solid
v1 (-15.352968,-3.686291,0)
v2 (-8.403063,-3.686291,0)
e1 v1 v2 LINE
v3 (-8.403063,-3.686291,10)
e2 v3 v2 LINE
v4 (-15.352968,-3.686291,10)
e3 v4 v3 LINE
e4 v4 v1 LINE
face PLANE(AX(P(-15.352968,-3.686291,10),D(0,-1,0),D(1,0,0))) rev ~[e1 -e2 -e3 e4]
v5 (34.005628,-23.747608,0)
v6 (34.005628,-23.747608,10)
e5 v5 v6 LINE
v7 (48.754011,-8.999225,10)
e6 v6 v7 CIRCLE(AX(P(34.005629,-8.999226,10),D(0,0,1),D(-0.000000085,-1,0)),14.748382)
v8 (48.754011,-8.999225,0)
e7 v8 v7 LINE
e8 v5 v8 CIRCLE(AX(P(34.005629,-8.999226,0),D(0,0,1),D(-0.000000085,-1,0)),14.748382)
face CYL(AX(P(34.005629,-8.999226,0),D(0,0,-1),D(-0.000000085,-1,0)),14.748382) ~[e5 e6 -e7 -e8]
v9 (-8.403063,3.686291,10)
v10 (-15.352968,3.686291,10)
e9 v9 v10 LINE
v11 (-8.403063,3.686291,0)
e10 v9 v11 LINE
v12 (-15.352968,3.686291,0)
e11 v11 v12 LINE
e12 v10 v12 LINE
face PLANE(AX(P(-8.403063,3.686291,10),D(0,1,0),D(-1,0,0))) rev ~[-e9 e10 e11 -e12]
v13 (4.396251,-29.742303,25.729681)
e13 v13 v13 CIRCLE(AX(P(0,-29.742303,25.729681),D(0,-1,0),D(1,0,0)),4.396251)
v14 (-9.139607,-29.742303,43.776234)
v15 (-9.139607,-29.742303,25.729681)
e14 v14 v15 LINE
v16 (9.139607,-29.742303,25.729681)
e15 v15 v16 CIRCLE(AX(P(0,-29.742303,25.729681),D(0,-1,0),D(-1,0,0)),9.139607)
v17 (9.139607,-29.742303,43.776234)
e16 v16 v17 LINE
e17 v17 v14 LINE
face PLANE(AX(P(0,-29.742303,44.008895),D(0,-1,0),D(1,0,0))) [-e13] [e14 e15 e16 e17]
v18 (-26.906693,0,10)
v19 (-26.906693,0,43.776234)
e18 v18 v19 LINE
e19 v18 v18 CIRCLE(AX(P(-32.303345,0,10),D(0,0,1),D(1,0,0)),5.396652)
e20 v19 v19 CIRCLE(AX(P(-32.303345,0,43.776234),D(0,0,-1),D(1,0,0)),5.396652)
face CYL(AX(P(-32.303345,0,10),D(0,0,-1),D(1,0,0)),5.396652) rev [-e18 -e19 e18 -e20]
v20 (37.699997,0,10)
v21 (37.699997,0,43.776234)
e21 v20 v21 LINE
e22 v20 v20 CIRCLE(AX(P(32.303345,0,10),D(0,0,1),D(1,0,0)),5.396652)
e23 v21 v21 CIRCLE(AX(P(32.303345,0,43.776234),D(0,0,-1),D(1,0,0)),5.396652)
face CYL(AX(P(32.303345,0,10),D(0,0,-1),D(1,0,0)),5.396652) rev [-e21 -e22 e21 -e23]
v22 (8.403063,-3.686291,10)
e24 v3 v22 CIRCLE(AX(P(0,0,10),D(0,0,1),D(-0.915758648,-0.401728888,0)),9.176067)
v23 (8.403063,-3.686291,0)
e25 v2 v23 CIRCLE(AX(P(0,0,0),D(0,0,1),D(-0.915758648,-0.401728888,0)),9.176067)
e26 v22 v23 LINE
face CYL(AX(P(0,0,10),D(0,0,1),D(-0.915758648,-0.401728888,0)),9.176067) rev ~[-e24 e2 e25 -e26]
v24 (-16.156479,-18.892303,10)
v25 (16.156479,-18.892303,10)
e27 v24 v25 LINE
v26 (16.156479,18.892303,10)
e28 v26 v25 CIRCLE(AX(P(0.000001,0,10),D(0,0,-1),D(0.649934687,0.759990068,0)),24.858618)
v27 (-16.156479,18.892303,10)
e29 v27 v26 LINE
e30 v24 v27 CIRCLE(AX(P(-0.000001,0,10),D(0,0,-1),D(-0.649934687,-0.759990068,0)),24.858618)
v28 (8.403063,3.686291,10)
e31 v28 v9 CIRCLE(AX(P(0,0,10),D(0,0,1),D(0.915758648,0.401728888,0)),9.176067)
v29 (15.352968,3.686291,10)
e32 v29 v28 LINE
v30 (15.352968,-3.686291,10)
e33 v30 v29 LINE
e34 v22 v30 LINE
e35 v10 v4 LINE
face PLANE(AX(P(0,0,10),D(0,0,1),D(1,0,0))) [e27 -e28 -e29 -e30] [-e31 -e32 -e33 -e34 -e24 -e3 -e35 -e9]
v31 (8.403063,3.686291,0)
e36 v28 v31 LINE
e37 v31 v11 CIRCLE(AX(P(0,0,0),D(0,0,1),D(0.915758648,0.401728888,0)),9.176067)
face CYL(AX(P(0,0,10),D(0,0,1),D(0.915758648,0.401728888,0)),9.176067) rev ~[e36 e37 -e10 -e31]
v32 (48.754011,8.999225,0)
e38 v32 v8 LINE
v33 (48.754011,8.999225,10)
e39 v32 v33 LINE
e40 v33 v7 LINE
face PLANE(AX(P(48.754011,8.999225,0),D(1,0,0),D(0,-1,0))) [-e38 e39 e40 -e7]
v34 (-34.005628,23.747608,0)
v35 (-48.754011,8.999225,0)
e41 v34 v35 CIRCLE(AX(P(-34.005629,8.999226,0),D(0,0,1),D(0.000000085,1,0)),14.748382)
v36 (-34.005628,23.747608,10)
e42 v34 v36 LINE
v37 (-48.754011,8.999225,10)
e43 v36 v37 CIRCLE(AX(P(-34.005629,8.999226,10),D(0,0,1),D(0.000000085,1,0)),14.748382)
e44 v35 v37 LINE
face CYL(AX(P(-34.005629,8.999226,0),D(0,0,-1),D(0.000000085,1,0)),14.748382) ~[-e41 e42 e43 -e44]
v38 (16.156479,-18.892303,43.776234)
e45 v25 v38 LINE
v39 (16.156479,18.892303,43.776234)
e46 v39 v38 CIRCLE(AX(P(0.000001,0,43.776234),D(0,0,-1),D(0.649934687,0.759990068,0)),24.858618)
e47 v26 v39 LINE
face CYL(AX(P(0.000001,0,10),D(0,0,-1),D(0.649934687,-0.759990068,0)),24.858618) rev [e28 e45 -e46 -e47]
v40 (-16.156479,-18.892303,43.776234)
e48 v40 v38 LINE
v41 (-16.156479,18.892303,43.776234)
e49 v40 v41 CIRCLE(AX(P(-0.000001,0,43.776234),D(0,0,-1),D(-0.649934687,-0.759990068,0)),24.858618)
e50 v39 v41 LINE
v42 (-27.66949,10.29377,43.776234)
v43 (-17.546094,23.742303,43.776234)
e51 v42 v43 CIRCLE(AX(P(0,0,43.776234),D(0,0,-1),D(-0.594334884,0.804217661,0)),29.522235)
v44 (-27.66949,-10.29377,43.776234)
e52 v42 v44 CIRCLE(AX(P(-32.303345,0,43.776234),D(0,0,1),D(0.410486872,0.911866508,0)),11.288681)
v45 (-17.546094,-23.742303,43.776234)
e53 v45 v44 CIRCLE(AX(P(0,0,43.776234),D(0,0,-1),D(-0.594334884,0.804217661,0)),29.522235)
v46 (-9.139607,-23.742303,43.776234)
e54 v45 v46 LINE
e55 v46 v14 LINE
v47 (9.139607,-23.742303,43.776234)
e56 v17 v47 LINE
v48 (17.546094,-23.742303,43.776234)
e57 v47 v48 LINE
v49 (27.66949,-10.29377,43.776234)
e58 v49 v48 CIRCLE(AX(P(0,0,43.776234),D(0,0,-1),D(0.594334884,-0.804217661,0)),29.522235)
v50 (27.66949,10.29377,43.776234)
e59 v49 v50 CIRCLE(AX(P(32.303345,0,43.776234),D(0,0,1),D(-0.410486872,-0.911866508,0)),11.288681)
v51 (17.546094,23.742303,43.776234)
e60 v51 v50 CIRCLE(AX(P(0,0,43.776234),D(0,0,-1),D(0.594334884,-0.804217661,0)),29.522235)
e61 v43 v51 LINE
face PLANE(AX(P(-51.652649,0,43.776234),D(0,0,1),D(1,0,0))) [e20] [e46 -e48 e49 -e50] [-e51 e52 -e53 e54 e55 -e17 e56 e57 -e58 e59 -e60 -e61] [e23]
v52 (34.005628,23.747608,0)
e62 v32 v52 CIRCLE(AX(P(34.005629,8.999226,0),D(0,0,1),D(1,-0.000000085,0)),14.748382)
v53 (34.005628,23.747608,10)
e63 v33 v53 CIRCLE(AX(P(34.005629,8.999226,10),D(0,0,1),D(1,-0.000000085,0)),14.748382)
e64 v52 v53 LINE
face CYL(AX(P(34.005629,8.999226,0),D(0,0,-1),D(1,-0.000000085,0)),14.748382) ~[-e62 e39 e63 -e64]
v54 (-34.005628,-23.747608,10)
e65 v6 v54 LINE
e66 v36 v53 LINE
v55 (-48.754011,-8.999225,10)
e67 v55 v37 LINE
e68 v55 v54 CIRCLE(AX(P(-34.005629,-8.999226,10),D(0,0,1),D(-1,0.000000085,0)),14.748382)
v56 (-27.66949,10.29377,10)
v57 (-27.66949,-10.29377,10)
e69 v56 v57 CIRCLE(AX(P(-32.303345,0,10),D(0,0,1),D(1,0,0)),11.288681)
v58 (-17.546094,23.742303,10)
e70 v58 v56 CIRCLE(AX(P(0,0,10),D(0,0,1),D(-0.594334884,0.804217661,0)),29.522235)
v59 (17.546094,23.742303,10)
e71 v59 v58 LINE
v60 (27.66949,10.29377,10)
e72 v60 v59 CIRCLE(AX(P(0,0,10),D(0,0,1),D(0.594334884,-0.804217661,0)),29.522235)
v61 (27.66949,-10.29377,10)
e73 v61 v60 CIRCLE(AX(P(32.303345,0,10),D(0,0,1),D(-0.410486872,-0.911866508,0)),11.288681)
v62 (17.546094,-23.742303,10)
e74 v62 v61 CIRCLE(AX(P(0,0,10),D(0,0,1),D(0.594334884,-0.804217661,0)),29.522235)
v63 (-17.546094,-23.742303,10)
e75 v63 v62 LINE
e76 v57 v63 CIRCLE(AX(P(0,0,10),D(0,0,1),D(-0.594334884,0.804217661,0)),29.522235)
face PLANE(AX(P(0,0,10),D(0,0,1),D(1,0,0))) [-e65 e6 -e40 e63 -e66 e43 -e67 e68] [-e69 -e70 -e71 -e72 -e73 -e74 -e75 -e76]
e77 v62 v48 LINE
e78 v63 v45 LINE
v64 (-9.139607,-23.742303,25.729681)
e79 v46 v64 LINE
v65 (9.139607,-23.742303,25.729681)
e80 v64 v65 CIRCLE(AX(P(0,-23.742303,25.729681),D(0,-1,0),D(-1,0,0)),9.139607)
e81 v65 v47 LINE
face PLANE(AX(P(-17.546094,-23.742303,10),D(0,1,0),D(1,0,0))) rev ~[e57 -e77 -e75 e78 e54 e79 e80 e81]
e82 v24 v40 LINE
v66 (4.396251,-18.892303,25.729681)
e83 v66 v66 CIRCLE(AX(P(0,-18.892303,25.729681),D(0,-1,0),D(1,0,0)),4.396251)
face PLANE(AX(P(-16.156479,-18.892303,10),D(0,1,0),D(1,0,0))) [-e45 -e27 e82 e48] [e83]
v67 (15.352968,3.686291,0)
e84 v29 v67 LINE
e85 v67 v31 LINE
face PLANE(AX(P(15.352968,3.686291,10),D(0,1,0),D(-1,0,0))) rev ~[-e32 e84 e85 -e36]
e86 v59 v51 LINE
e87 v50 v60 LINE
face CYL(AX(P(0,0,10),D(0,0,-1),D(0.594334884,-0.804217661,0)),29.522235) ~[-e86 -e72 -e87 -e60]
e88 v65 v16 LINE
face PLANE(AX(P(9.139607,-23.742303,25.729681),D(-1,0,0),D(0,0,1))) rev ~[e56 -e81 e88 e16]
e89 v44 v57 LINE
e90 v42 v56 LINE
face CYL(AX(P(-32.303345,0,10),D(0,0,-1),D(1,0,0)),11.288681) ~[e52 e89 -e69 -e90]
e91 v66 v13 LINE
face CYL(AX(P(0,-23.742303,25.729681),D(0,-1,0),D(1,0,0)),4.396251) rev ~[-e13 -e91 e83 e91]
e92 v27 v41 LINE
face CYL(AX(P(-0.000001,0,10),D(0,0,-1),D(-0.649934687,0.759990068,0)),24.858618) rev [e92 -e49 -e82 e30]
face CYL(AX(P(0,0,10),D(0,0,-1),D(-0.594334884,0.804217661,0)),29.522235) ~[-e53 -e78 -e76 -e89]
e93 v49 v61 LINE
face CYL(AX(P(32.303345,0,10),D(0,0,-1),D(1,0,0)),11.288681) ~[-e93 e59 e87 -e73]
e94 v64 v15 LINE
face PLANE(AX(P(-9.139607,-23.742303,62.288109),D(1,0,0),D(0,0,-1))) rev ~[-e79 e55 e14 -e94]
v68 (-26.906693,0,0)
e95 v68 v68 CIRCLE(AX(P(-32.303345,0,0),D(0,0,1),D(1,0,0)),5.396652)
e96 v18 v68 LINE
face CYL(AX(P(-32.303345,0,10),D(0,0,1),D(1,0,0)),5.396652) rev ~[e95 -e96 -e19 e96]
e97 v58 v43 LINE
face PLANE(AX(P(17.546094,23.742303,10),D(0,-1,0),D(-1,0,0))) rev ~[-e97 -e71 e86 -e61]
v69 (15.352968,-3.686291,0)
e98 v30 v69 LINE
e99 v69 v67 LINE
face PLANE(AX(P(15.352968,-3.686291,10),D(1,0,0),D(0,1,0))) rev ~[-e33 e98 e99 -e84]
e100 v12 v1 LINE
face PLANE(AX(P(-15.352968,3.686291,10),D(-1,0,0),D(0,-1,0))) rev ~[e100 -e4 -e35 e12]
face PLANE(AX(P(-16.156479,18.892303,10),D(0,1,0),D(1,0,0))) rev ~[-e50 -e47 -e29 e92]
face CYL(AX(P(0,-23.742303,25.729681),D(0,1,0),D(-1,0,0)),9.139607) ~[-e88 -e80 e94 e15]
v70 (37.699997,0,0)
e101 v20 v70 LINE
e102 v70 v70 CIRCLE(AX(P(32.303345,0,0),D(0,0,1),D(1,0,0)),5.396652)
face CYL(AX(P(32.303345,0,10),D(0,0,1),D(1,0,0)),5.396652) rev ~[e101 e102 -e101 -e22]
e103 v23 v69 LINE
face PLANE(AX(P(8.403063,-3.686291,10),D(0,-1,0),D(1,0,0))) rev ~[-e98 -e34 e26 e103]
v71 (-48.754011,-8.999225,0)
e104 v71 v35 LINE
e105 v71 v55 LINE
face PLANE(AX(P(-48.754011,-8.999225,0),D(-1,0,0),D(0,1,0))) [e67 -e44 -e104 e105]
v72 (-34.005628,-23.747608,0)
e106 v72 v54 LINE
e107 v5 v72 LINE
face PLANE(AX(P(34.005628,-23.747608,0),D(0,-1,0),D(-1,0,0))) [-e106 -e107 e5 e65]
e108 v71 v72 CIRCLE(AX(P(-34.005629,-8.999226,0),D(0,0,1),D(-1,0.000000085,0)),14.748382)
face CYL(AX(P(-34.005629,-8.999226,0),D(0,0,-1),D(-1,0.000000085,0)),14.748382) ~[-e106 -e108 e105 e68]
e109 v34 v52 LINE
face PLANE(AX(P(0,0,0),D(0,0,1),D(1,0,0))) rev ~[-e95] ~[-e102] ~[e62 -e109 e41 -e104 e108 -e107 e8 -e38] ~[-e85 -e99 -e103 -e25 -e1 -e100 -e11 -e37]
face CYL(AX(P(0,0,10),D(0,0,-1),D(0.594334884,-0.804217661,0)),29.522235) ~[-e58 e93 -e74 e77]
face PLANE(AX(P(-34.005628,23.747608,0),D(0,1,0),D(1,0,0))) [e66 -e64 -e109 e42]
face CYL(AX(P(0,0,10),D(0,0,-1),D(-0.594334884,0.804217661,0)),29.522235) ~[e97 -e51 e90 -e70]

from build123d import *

# Parameters (mm, degrees)
PAD_DEPTH            = 10
PAD001_DEPTH         = 35
SKETCH002_R          = 11.288681
PAD002_DEPTH         = 35
POCKET_DEPTH         = 35.001
SKETCH007_R          = 5.396652
POCKET001_DEPTH      = 10.001
POCKET001_DEPTH_BACK = -35.001
POCKET002_DEPTH      = 10.001
PAD003_DEPTH         = 6
SKETCH010_R          = 4.396251
POCKET003_DEPTH      = 7
SKETCH011_W          = 103.305298
SKETCH011_H          = 76.018318
POCKET004_DEPTH      = 23.748608
POCKET004_DEPTH_BACK = -29.743303


with BuildPart() as part:
    # Sketch → Pad (new body)
    with BuildSketch(Plane.XY):
        with BuildLine():
            ThreePointArc((-34.005628, 23.747608), (-44.43431, 19.427907), (-48.754011, 8.999225))
            Line((-48.754011, -8.999225), (-48.754011, 8.999225))
            ThreePointArc((-48.754011, -8.999225), (-44.43431, -19.427907), (-34.005628, -23.747608))
            Line((34.005628, -23.747608), (-34.005628, -23.747608))
            ThreePointArc((34.005628, -23.747608), (44.43431, -19.427907), (48.754011, -8.999225))
            Line((48.754011, 8.999225), (48.754011, -8.999225))
            ThreePointArc((48.754011, 8.999225), (44.43431, 19.427907), (34.005628, 23.747608))
            Line((-34.005628, 23.747608), (34.005628, 23.747608))
        make_face()
    extrude(amount=PAD_DEPTH)

    # Sketch001 (on Face10 of Pad) → Pad001 (join)
    with BuildSketch(Plane.XY.offset(10)):
        with BuildLine():
            ThreePointArc((17.546094, -23.742303), (29.522235, 0), (17.546094, 23.742303))
            Line((17.546094, 23.742303), (-17.546094, 23.742303))
            ThreePointArc((-17.546094, 23.742303), (-29.522235, 0), (-17.546094, -23.742303))
            Line((-17.546094, -23.742303), (17.546094, -23.742303))
        make_face()
        with BuildLine():
            ThreePointArc((16.156479, -18.892303), (24.858619, 0), (16.156479, 18.892303))
            Line((-16.156479, 18.892303), (16.156479, 18.892303))
            ThreePointArc((-16.156479, 18.892303), (-24.858619, 0), (-16.156479, -18.892303))
            Line((-16.156479, -18.892303), (16.156479, -18.892303))
        make_face(mode=Mode.SUBTRACT)
    extrude(amount=PAD001_DEPTH)

    # Sketch002 (on Face5 of Pad001) → Pad002 (join)
    with BuildSketch(Plane.XY.offset(10)):
        with Locations((32.303345, 0)):
            Circle(SKETCH002_R)
        with Locations((-32.303345, 0)):
            Circle(SKETCH002_R)
    extrude(amount=PAD002_DEPTH)

    # Sketch004 → Pocket (cut, through all)
    with BuildSketch(Plane.XY.offset(10)):
        with BuildLine():
            ThreePointArc((16.156479, -18.892303), (24.858619, 0), (16.156479, 18.892303))
            Line((-16.156479, 18.892303), (16.156479, 18.892303))
            ThreePointArc((-16.156479, 18.892303), (-24.858619, 0), (-16.156479, -18.892303))
            Line((-16.156479, -18.892303), (16.156479, -18.892303))
        make_face()
    extrude(amount=POCKET_DEPTH, mode=Mode.SUBTRACT)

    # Sketch007 → Pocket001 (cut, two sides)
    with BuildSketch(Plane.XY.offset(10)) as pocket001_sk:
        with Locations((32.303345, 0)):
            Circle(SKETCH007_R)
        with Locations((-32.303345, 0)):
            Circle(SKETCH007_R)
    extrude(amount=-POCKET001_DEPTH, mode=Mode.SUBTRACT)
    extrude(pocket001_sk.sketch, amount=-POCKET001_DEPTH_BACK, mode=Mode.SUBTRACT)

    # Sketch008 (on Face38 of Pocket001) → Pocket002 (cut, through all)
    with BuildSketch(Plane.XY.offset(10)):
        with BuildLine():
            ThreePointArc((-8.403063, -3.686291), (0, -9.176067), (8.403063, -3.686291))
            Line((8.403063, -3.686291), (15.352968, -3.686291))
            Line((15.352968, -3.686291), (15.352968, 3.686291))
            Line((15.352968, 3.686291), (8.403063, 3.686291))
            ThreePointArc((8.403063, 3.686291), (0, 9.176067), (-8.403063, 3.686291))
            Line((-8.403063, 3.686291), (-15.352968, 3.686291))
            Line((-15.352968, 3.686291), (-15.352968, -3.686291))
            Line((-15.352968, -3.686291), (-8.403063, -3.686291))
        make_face()
    extrude(amount=-POCKET002_DEPTH, mode=Mode.SUBTRACT)

    # Sketch009 (on Face29 of Pocket002) → Pad003 (join)
    with BuildSketch(Plane.XZ.offset(23.742303)):
        with BuildLine():
            ThreePointArc((-9.139607, 25.729681), (0, 16.590074), (9.139607, 25.729681))
            Line((9.139607, 25.729681), (9.139607, 62.288109))
            ThreePointArc((9.139607, 62.288109), (0, 71.427716), (-9.139607, 62.288109))
            Line((-9.139607, 62.288109), (-9.139607, 25.729681))
        make_face()
    extrude(amount=PAD003_DEPTH)

    # Sketch010 (on Face29 of Pocket002) → Pocket003 (cut, symmetric)
    with BuildSketch(Plane.XZ.offset(23.742303)):
        with Locations((0, 25.729681)):
            Circle(SKETCH010_R)
    extrude(amount=POCKET003_DEPTH, both=True, mode=Mode.SUBTRACT)

    # Sketch011 → Pocket004 (cut, two sides)
    with BuildSketch(Plane.XZ) as pocket004_sk:
        with Locations((0, 81.785393)):
            Rectangle(SKETCH011_W, SKETCH011_H)
    extrude(amount=-POCKET004_DEPTH, mode=Mode.SUBTRACT)
    extrude(pocket004_sk.sketch, amount=-POCKET004_DEPTH_BACK, mode=Mode.SUBTRACT)


solid = part.part
